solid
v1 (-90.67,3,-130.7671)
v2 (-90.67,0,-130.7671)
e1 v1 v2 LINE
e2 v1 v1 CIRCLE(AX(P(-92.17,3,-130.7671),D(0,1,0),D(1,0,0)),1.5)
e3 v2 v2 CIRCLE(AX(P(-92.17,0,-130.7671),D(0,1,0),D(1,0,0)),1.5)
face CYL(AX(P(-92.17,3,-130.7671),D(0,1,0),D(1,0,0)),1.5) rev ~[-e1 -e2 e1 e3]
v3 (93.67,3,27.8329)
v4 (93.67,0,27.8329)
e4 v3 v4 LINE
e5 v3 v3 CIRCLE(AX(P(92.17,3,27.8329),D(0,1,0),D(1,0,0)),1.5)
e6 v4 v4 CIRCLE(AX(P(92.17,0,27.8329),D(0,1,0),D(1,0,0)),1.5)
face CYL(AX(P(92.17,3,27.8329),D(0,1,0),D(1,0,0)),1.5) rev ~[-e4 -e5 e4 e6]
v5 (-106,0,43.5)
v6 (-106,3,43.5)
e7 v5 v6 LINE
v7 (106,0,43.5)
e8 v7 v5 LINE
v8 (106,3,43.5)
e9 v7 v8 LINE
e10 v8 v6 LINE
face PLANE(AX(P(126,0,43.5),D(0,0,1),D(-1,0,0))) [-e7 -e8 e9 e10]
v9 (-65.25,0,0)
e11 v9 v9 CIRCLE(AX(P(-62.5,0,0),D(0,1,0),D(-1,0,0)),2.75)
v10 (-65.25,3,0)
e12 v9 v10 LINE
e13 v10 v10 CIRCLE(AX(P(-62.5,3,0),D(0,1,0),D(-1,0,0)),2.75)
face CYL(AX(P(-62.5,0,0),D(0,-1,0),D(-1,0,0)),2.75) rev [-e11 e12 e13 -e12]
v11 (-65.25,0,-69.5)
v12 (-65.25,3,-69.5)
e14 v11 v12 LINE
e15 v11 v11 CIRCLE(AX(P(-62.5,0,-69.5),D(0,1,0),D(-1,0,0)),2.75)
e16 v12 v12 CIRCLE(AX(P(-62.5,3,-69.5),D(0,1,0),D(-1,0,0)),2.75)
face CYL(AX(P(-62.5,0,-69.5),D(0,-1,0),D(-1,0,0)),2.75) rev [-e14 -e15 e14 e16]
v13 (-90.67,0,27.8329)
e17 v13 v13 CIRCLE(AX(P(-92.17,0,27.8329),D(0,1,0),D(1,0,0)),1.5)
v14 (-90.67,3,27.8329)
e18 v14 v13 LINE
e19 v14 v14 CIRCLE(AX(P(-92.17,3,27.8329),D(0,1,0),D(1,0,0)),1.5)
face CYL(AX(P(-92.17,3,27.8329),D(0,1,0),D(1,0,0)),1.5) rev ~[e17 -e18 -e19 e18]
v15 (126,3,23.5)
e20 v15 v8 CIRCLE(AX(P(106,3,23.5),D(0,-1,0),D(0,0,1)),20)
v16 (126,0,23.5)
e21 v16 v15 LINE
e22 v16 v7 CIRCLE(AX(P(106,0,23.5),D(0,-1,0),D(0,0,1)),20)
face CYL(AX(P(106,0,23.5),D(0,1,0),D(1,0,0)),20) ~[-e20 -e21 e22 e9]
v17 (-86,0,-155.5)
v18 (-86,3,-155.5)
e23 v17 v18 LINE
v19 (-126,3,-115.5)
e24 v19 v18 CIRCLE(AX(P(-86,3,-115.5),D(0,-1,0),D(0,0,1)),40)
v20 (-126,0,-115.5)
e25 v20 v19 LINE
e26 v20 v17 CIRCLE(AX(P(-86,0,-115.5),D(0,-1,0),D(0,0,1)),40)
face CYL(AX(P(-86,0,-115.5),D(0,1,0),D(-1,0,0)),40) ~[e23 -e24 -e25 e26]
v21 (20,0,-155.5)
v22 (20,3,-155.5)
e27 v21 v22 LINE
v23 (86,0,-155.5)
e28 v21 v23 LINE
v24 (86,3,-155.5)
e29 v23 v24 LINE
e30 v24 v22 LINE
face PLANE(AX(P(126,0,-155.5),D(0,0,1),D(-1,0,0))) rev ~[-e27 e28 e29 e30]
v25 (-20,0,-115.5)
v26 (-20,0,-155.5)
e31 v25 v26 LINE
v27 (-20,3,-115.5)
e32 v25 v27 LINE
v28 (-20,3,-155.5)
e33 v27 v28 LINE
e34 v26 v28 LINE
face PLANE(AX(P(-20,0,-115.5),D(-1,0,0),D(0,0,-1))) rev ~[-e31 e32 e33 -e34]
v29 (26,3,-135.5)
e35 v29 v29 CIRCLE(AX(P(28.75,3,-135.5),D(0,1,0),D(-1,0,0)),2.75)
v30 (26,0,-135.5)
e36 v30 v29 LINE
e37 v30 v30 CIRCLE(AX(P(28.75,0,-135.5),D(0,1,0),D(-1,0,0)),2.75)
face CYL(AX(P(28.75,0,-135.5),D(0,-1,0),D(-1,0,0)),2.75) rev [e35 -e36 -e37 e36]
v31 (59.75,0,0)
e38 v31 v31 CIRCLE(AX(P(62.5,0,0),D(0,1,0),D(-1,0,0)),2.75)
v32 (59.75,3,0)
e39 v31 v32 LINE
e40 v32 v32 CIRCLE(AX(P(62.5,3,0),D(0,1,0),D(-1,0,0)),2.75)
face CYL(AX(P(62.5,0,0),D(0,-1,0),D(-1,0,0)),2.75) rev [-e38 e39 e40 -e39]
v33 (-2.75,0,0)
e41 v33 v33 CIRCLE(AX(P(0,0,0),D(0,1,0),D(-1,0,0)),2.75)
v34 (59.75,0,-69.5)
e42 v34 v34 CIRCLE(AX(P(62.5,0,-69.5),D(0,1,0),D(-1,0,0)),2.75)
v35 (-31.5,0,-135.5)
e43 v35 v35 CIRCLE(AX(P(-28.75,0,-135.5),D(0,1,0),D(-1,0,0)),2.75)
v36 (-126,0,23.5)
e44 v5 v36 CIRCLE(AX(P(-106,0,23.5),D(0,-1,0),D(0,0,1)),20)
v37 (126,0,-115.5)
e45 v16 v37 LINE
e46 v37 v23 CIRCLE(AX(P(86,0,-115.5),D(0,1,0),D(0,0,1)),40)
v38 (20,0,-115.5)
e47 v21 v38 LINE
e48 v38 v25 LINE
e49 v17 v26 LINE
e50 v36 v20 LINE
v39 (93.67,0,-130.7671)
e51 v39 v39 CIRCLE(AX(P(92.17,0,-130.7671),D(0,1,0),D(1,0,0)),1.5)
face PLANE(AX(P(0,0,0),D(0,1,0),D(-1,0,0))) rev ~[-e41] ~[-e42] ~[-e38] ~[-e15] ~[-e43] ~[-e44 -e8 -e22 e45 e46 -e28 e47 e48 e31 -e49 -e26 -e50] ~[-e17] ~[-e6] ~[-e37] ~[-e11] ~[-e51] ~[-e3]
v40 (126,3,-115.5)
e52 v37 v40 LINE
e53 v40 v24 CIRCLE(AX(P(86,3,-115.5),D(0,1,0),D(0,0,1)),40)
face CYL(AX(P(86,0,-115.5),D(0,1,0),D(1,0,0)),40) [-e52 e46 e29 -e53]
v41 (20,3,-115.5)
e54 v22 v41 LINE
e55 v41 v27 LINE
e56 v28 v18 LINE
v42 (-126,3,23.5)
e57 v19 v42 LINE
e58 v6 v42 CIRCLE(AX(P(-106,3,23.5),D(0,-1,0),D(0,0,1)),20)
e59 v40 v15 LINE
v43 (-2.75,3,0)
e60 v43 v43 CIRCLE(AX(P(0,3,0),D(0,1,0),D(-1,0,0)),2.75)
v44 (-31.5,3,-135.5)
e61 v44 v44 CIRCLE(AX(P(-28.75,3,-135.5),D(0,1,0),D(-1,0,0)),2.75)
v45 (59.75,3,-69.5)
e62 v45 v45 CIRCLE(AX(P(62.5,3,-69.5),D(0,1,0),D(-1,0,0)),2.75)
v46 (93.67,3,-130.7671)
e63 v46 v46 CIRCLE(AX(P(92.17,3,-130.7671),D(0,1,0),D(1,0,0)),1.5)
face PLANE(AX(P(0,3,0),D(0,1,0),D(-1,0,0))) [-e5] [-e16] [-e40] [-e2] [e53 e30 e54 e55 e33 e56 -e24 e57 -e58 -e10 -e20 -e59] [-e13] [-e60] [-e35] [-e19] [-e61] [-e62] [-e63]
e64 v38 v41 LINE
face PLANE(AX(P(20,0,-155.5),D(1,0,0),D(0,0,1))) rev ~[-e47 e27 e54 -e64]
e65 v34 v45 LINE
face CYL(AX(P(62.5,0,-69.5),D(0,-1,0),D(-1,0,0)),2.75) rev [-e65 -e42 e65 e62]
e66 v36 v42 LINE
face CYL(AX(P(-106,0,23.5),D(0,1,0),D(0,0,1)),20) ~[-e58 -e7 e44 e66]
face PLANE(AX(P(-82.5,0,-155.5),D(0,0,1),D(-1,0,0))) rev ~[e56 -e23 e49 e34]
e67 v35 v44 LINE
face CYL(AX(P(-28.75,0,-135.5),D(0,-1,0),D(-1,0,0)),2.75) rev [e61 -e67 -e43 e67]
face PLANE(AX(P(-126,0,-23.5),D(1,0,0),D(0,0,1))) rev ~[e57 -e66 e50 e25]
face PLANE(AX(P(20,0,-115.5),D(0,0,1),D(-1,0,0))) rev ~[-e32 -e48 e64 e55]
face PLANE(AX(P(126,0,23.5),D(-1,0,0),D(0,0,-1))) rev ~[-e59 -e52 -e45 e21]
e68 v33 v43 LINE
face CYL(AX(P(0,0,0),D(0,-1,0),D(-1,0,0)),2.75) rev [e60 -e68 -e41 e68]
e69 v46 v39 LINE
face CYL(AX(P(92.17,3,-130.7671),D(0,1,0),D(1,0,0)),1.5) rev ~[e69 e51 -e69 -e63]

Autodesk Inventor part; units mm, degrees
ref_plane "YZ Plane" through (0, 0, 0) normal (1, 0, 0) x (0, 1, 0)
ref_plane "XZ Plane" through (0, 0, 0) normal (0, 1, 0) x (-1, 0, 0)
ref_plane "XY Plane" through (0, 0, 0) normal (0, 0, 1) x (1, 0, 0)
sketch "Sketch1" plane through (0, 0, 0) normal (0, 1, 0) x (-1, 0, 0)
  line L0 (126, -23.5) -> (126, 23.5)
  line L1 (126, 23.5) -> (-126, 23.5)
  line L2 (-126, 23.5) -> (-126, -23.5)
  line L3 (82.5, -115.5) -> (82.5, -33.5)
  line L4 (0, 23.5) -> (0, -23.5) construction
  line L5 (-82.5, -115.5) -> (-82.5, -33.5)
  line L6 (42.5, -155.5) -> (-42.5, -155.5)
  line L7 (-126, -23.5) -> (-92.5, -23.5)
  line L8 (92.5, -23.5) -> (126, -23.5)
  arc A0 (-82.5, -33.5) -> (-92.5, -23.5) centre (-92.5, -33.5) ccw
  arc A1 (92.5, -23.5) -> (82.5, -33.5) centre (92.5, -33.5) ccw
  line L9 (0, 23.5) -> (0, -155.5) construction
  line L10 (20, -155.5) -> (-20, -155.5)
  line L11 (-20, -155.5) -> (-20, -115.5)
  line L12 (-20, -115.5) -> (20, -115.5)
  line L13 (20, -115.5) -> (20, -155.5)
  circle A2 centre (0, 0) radius 2.75
  circle A3 centre (62.5, 0) radius 2.75
  circle A4 centre (-62.5, 0) radius 2.75
  circle A5 centre (62.5, -69.5) radius 2.75
  circle A6 centre (-62.5, -69.5) radius 2.75
  circle A7 centre (28.75, -135.5) radius 2.75
  circle A8 centre (-28.75, -135.5) radius 2.75
  line L14 (82.5, -115.5) -> (82.5, -155.5)
  line L15 (82.5, -155.5) -> (42.5, -155.5)
  line L16 (-42.5, -155.5) -> (-82.5, -155.5)
  line L17 (-82.5, -155.5) -> (-82.5, -115.5)
  line L18 (126, -23.5) -> (-126, -23.5)
  line L19 (-126, -23.5) -> (-126, -155.5)
  line L20 (-126, -155.5) -> (126, -155.5)
  line L21 (126, -155.5) -> (126, -23.5)
  line L22 (126, 23.5) -> (-126, 23.5)
  line L23 (-126, 23.5) -> (-126, 43.5)
  line L24 (-126, 43.5) -> (126, 43.5)
  line L25 (126, 43.5) -> (126, 23.5)
  point P0 (82.5, -23.5)
  point P1 (-82.5, -23.5)
  point P2 (0, -135.5)
  dimension "d0" = 252
  dimension "d1" = 47
  dimension "d4" = 10
  dimension "d5" = 40
  dimension "d6" = 40
  dimension "d7" = 5.5
  dimension "d8" = 5.5
  dimension "d9" = 5.5
  dimension "d10" = 5.5
  dimension "d16" = 20
extrude "Extrusion1" add sketch "Sketch1" along normal blind 3 contours L8 L18 L7 L2 L1 L0 | L21 L20 L14 L3 A1 L8 | L1 L23 L24 L25 | A1 L3 L14 L15 L6 L13 L12 L11 L16 L17 L5 A0 L18 | A0 L5 L17 L20 L19 L7
fillet "Fillet3" radius 40 2 edges at (126, 1.5, -155.5) (-126, 1.5, -155.5)
fillet "Fillet4" radius 20 2 edges at (126, 1.5, 43.5) (-126, 1.5, 43.5)
sketch "Sketch2" plane through (0, 3, 0) normal (0, 1, 0) x (1, 0, 0)
  line L0 (-92.17, 130.7671) -> (92.17, 130.7671) construction
  line L1 (92.17, 130.7671) -> (92.17, -27.8329) construction
  line L2 (92.17, -27.8329) -> (-92.17, -27.8329) construction
  line L3 (-92.17, -27.8329) -> (-92.17, 130.7671) construction
  line L4 (0, 150.8633) -> (0, -88.711) construction
  line L5 (20, 115.5) -> (-20, 115.5) projected
  circle A0 centre (-92.17, 130.7671) radius 1.5
  circle A1 centre (92.17, 130.7671) radius 1.5
  circle A2 centre (-92.17, -27.8329) radius 1.5
  circle A3 centre (92.17, -27.8329) radius 1.5
  point P0 (0, 0)
  point P1 (0, 115.5)
  dimension "d18" = 184.34
  dimension "d19" = 158.6
  dimension "d20" = 3
extrude "Extrusion2" cut sketch "Sketch2" against normal through all
equation "\"d21\" = d19"
properties part number "Chassis Rear Plate"
